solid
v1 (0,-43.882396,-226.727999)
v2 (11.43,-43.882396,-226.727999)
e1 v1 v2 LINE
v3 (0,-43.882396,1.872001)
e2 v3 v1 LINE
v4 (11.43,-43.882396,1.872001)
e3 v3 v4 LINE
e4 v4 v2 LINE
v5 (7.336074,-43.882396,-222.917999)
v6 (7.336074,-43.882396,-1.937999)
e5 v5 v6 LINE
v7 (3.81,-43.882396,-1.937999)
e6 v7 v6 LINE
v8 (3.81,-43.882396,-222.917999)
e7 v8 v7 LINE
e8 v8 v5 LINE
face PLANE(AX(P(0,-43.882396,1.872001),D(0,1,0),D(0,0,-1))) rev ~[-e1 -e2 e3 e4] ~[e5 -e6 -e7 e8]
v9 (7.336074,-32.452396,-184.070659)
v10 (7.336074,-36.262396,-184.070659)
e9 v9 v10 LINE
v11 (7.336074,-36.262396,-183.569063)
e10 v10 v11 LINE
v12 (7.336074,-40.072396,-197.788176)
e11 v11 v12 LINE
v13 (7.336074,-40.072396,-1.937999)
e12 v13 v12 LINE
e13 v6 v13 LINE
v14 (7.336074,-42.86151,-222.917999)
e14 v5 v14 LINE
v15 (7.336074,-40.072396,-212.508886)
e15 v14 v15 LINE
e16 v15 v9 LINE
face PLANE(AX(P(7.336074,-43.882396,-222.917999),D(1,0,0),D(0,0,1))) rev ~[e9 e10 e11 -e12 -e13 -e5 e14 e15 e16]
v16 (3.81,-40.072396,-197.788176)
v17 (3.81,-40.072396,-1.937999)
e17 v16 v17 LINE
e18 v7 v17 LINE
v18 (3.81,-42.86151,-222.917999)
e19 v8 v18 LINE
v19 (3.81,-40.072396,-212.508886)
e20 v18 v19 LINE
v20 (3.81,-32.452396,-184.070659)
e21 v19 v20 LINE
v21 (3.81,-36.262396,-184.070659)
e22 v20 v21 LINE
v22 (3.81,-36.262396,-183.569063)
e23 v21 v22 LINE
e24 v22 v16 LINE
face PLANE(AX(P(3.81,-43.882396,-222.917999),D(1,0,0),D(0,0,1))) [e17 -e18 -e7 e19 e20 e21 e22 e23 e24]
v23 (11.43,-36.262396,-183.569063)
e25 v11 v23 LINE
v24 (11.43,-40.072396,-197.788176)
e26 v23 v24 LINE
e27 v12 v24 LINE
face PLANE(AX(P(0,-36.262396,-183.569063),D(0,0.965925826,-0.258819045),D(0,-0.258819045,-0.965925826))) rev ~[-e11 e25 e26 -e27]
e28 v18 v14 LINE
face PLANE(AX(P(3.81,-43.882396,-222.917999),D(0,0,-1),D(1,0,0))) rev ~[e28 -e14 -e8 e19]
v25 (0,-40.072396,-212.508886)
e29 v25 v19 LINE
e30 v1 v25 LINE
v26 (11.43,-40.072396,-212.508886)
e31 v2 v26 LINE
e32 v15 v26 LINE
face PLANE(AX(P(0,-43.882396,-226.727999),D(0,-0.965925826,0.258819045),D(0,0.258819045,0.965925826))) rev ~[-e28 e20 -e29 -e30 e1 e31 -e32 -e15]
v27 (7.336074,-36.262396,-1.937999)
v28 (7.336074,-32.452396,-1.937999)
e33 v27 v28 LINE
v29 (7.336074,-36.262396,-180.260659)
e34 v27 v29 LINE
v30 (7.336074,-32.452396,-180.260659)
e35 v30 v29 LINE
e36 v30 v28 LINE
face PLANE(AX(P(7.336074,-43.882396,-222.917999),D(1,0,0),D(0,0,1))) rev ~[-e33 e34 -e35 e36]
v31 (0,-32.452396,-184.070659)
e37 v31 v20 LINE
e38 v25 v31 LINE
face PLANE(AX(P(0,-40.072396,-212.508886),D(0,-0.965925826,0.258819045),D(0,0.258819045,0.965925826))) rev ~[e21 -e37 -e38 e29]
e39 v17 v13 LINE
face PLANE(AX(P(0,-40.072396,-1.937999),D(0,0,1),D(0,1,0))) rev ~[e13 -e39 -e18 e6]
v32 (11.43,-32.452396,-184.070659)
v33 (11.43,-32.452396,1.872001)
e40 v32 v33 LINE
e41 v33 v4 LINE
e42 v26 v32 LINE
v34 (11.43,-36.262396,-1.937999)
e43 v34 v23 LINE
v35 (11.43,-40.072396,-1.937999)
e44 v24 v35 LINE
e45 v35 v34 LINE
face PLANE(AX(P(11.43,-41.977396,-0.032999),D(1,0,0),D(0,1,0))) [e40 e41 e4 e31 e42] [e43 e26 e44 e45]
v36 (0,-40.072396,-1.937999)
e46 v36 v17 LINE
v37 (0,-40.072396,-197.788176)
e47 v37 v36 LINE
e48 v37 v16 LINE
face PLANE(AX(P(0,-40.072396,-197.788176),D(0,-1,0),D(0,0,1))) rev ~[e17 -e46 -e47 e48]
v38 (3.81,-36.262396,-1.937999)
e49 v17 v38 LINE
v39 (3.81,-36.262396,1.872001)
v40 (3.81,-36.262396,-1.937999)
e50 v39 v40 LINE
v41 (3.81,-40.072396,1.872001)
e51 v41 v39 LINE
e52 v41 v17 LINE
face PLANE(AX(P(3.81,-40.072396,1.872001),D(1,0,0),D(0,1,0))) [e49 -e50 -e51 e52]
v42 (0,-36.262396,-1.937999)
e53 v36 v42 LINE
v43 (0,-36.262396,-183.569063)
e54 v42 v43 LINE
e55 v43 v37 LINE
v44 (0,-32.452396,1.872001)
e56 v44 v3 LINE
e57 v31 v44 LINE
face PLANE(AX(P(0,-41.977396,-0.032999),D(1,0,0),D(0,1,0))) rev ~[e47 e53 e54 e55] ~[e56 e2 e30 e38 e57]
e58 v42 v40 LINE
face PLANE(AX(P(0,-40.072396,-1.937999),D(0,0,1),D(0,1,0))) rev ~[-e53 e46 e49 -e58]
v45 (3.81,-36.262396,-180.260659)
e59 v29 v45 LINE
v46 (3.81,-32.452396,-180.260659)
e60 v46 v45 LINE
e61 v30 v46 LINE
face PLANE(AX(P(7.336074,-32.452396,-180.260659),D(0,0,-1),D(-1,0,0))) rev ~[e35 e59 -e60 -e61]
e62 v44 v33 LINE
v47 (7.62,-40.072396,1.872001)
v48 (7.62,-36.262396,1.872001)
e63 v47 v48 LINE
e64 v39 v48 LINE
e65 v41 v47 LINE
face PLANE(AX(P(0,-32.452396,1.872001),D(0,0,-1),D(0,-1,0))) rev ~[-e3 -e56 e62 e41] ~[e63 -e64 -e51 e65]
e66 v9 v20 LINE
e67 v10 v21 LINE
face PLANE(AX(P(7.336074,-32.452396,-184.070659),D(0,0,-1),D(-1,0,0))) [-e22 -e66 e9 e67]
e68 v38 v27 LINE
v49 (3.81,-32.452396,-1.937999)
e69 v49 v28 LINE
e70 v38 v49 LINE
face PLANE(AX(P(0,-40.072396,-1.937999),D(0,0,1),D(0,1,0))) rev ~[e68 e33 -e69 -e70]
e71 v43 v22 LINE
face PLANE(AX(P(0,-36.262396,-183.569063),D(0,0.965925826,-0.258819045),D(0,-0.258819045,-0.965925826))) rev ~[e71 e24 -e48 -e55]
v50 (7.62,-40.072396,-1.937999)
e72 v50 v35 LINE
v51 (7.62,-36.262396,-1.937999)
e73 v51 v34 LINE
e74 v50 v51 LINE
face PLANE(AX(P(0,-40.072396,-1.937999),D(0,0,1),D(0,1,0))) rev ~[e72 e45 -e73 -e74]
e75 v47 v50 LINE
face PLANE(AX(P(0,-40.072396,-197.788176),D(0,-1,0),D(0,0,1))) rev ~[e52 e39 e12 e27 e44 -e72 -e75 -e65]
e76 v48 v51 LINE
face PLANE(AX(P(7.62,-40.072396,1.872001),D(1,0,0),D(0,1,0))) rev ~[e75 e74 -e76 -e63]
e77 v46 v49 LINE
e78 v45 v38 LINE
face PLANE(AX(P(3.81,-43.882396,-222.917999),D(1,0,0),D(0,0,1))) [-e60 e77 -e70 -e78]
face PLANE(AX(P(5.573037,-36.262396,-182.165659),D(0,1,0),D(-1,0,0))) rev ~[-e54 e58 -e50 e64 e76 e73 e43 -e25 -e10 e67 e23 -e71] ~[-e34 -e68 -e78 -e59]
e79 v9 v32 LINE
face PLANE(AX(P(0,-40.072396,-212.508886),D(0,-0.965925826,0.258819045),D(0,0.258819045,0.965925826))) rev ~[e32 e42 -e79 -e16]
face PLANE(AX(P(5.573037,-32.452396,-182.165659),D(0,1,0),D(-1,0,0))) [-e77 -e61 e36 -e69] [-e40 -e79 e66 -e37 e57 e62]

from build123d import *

# Parameters (mm, degrees)
F0_W     = 3.81
F0_H     = 3.81
F1_DEPTH = 11.43
F2_W     = 3.5260741734
F2_H     = 220.98
F3_DEPTH = 25.4
F4_W     = 3.5260741734
F4_H     = 3.81
F5_DEPTH = 3.81
F6_W     = 3.81
F6_H     = 3.81
F7_DEPTH = 25.4


with BuildPart() as f1:
    # F0 (on Right) → F1 (new body)
    with BuildSketch(Plane.YZ):
        with Locations((-41.9773963976, -0.0329993901)):
            Rectangle(F0_W, F0_H)
        with Locations((-38.1673963976, -0.0329993901)):
            Rectangle(F0_W, F0_H)
        Polygon((-40.0723963976, -1.9379993901), (-43.8823963976, -1.9379993901), (-43.8823963976, -212.0072897974), (-40.0723963976, -197.7881762206), align=None)
        with Locations((-34.3573963976, -0.0329993901)):
            Rectangle(F0_W, F0_H)
        Polygon((-40.0723963976, -197.7881762206), (-43.8823963976, -212.0072897974), (-43.8823963976, -226.7279993901), (-40.0723963976, -212.5088858132), align=None)
        Polygon((-32.4523963976, -1.9379993901), (-36.2623963976, -1.9379993901), (-36.2623963976, -183.5690626437), (-32.4523963976, -169.3499490669), align=None)
        Polygon((-36.2623963976, -183.5690626437), (-40.0723963976, -197.7881762206), (-40.0723963976, -212.5088858132), (-36.2623963976, -198.2897722364), align=None)
        Polygon((-32.4523963976, -169.3499490669), (-36.2623963976, -183.5690626437), (-36.2623963976, -198.2897722364), (-32.4523963976, -184.0706586596), align=None)
    extrude(amount=F1_DEPTH)

    # F2 (on face) → F3 (cut)
    with BuildSketch(Plane.XZ.offset(43.8823963976)):
        with Locations((5.5730370867, -112.4279993901)):
            Rectangle(F2_W, F2_H)
    extrude(amount=-F3_DEPTH, mode=Mode.SUBTRACT)

    # F4 (on face) → F5 (join)
    with BuildSketch(Plane(origin=(0, -32.4523963976, 0), x_dir=(-1, 0, 0), z_dir=(0, 1, 0))):
        with Locations((-5.5730370867, -182.1656586596)):
            Rectangle(F4_W, F4_H)
    extrude(amount=-F5_DEPTH)

    # F6 (on face) → F7 (cut)
    with BuildSketch(Plane.XY.offset(1.8720006099)):
        with Locations((5.715, -38.1673963976)):
            Rectangle(F6_W, F6_H)
    extrude(amount=-F7_DEPTH, mode=Mode.SUBTRACT)


solid = f1.part
